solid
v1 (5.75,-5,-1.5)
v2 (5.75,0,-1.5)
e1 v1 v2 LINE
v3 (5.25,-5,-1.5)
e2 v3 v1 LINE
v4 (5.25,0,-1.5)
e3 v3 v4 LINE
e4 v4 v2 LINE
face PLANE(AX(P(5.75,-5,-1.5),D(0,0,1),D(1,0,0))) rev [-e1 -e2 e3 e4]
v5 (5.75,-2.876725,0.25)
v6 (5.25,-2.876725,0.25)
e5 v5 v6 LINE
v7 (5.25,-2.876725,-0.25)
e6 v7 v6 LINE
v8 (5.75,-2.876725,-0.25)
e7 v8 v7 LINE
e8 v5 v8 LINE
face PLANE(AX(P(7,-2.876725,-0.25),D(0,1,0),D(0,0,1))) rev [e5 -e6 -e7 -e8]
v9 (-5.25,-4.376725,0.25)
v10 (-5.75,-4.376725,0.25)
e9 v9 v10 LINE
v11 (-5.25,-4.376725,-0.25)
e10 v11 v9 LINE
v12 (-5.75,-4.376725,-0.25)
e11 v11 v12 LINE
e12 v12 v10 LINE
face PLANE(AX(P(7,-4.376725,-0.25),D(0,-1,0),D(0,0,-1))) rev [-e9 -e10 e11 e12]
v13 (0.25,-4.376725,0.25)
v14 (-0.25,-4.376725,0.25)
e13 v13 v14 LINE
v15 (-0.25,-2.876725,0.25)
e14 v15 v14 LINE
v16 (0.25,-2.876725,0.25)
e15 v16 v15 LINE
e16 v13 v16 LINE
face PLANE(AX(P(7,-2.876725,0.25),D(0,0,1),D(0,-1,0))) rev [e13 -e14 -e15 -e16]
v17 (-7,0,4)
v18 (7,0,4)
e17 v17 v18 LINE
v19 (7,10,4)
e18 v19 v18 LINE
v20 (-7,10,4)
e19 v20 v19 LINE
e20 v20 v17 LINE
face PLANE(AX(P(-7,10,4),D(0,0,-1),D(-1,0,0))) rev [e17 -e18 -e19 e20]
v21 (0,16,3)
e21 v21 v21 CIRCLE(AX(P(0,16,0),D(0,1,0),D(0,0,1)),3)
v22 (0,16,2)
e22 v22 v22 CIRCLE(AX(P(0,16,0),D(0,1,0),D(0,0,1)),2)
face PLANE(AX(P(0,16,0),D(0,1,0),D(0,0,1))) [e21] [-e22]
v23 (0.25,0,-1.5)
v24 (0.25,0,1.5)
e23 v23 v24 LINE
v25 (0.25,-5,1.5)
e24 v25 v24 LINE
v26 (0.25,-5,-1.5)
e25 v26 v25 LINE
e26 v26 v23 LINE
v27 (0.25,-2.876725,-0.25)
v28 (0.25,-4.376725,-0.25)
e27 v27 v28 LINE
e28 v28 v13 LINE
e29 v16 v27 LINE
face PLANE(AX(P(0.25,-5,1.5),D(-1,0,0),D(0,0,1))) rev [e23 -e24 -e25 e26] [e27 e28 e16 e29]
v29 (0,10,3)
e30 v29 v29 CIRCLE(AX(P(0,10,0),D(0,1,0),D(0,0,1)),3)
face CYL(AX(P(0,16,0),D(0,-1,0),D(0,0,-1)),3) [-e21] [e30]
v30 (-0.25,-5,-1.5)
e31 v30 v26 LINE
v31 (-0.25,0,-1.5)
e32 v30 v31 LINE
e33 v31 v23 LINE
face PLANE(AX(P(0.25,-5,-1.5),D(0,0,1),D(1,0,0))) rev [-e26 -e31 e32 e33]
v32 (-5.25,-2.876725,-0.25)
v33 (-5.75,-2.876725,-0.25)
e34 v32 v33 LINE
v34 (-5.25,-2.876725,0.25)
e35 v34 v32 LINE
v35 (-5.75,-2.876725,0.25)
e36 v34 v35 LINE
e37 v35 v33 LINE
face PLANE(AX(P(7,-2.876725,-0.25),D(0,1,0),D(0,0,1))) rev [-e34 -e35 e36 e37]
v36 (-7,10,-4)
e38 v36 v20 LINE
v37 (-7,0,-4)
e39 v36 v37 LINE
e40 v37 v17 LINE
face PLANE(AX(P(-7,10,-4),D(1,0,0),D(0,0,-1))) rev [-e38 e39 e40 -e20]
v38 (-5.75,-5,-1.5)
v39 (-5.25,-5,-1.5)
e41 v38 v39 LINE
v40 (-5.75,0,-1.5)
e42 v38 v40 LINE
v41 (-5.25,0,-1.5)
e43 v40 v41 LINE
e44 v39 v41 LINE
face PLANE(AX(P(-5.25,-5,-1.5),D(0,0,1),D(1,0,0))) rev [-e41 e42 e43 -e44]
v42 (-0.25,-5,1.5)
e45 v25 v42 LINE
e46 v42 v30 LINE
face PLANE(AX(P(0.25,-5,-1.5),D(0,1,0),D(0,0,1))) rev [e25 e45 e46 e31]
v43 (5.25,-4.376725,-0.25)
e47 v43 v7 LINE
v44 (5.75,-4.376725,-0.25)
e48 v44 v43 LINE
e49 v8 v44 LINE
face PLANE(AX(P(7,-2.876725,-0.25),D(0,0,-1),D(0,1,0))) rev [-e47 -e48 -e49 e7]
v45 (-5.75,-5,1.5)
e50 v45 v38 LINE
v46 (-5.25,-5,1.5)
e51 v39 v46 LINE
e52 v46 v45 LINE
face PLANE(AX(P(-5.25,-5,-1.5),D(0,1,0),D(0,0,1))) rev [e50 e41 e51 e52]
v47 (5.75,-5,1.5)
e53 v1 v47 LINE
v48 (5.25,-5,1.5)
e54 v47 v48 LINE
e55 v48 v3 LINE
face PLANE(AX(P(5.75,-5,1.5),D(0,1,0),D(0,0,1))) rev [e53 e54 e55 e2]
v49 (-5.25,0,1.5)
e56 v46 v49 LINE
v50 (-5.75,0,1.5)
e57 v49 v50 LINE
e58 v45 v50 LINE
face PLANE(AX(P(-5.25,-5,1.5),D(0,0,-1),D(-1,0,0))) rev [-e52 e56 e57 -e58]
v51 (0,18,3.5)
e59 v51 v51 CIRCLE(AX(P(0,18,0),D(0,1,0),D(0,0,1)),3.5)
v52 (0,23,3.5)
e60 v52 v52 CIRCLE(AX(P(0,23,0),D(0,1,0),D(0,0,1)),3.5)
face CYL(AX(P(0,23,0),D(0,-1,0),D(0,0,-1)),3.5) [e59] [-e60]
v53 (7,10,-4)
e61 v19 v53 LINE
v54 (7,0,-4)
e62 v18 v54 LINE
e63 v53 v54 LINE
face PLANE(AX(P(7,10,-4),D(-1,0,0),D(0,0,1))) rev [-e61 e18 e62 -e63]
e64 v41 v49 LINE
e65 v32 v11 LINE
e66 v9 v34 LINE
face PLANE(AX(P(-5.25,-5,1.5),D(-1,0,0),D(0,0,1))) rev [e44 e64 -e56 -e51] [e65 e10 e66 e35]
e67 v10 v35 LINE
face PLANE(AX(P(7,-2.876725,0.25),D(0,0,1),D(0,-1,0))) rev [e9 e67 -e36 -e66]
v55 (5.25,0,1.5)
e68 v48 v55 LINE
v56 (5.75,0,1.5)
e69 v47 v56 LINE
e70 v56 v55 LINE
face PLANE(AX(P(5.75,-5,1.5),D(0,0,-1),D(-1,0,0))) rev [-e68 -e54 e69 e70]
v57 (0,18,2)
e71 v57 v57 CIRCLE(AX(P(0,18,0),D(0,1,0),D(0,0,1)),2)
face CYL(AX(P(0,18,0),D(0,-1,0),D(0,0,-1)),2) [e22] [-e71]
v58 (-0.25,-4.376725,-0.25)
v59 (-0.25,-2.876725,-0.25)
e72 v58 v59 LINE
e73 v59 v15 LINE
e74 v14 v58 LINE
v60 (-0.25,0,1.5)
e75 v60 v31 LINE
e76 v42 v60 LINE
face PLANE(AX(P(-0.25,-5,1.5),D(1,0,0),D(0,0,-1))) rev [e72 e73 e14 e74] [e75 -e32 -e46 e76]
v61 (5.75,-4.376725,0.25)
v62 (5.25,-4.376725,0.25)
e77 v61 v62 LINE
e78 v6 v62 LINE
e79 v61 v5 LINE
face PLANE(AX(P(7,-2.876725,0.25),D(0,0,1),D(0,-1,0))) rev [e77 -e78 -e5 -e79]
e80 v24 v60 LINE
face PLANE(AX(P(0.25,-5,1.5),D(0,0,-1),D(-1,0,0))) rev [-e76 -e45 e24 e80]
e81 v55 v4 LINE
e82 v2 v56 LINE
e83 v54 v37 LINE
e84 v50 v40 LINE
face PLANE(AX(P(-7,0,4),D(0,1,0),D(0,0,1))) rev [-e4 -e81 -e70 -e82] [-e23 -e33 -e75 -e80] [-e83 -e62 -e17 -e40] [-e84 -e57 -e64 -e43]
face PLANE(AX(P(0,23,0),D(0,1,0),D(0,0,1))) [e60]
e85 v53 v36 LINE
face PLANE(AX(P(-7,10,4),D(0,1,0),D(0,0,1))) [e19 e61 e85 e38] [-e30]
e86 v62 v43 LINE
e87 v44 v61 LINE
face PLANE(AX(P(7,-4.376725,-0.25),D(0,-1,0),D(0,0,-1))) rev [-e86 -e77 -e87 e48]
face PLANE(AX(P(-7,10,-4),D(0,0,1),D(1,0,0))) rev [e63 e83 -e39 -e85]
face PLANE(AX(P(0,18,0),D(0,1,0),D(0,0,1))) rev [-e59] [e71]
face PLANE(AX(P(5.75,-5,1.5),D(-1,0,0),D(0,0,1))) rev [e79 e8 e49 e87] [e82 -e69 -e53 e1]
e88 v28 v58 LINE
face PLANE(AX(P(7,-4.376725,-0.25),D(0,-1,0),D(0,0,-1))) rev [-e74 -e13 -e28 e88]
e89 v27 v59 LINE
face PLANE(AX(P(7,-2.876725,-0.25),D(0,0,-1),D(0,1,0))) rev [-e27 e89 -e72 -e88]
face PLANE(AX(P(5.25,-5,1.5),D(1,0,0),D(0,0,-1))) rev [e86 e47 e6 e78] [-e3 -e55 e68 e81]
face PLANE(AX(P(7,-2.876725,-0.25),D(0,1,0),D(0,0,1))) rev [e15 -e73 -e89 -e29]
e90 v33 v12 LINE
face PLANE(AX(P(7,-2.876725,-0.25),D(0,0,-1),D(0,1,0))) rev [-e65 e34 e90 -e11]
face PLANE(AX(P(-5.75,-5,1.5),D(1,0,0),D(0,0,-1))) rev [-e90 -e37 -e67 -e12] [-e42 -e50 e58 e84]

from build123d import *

# Parameters (mm, degrees)
SKETCH2_W          = 14
SKETCH2_H          = 8
EXTRUDE1_DEPTH     = 10
SKETCH3_R          = 3
EXTRUDE2_DEPTH     = 6
SKETCH4_R          = 2
EXTRUDE3_DEPTH     = 2
SKETCH5_R          = 3.5
EXTRUDE4_DEPTH     = 5
SKETCH6_W          = 0.5
SKETCH6_H          = 3
EXTRUDE5_DEPTH     = 5
SKETCH7_W          = 0.5
SKETCH7_H          = 3
EXTRUDE6_DEPTH     = 5
SKETCH8_W          = 0.5
SKETCH8_H          = 3
EXTRUDE7_DEPTH     = 5
SKETCH9_W          = 0.5
SKETCH9_H          = 1.5
CUT_EXTRUDE1_DEPTH = 27.600046992


with BuildPart() as part:
    # Sketch2 → Extrude1 (new body)
    with BuildSketch(Plane(origin=(0, 0, 0), x_dir=(1, 0, 0), z_dir=(0, 1, 0))):
        Rectangle(SKETCH2_W, SKETCH2_H)
    extrude(amount=EXTRUDE1_DEPTH)

    # Sketch3 → Extrude2 (add)
    with BuildSketch(Plane(origin=(0, 10, 0), x_dir=(-1, 0, 0), z_dir=(0, 1, 0))):
        with Locations(Location((0, 0, 0), (0, 0, 90))):
            Circle(SKETCH3_R)
    extrude(amount=EXTRUDE2_DEPTH)

    # Sketch4 → Extrude3 (add)
    with BuildSketch(Plane(origin=(0, 16, 0), x_dir=(-1, 0, 0), z_dir=(0, 1, 0))):
        with Locations(Location((0, 0, 0), (0, 0, 90))):
            Circle(SKETCH4_R)
    extrude(amount=EXTRUDE3_DEPTH)

    # Sketch5 → Extrude4 (add)
    with BuildSketch(Plane(origin=(0, 18, 0), x_dir=(-1, 0, 0), z_dir=(0, 1, 0))):
        with Locations(Location((0, 0, 0), (0, 0, 90))):
            Circle(SKETCH5_R)
    extrude(amount=EXTRUDE4_DEPTH)

    # Sketch6 → Extrude5 (add)
    with BuildSketch(Plane.XZ):
        Rectangle(SKETCH6_W, SKETCH6_H)
    extrude(amount=EXTRUDE5_DEPTH)

    # Sketch7 → Extrude6 (add)
    with BuildSketch(Plane.XZ):
        with Locations((5.5, 0)):
            Rectangle(SKETCH7_W, SKETCH7_H)
    extrude(amount=EXTRUDE6_DEPTH)

    # Sketch8 → Extrude7 (add)
    with BuildSketch(Plane.XZ):
        with Locations((-5.5, 0)):
            Rectangle(SKETCH8_W, SKETCH8_H)
    extrude(amount=EXTRUDE7_DEPTH)

    # Sketch9 → Cut-Extrude1 (cut, through all)
    with BuildSketch(Plane.ZY.offset(5.75)):
        with Locations((0, -3.626725107)):
            Rectangle(SKETCH9_W, SKETCH9_H)
    extrude(amount=-CUT_EXTRUDE1_DEPTH, mode=Mode.SUBTRACT)


solid = part.part
